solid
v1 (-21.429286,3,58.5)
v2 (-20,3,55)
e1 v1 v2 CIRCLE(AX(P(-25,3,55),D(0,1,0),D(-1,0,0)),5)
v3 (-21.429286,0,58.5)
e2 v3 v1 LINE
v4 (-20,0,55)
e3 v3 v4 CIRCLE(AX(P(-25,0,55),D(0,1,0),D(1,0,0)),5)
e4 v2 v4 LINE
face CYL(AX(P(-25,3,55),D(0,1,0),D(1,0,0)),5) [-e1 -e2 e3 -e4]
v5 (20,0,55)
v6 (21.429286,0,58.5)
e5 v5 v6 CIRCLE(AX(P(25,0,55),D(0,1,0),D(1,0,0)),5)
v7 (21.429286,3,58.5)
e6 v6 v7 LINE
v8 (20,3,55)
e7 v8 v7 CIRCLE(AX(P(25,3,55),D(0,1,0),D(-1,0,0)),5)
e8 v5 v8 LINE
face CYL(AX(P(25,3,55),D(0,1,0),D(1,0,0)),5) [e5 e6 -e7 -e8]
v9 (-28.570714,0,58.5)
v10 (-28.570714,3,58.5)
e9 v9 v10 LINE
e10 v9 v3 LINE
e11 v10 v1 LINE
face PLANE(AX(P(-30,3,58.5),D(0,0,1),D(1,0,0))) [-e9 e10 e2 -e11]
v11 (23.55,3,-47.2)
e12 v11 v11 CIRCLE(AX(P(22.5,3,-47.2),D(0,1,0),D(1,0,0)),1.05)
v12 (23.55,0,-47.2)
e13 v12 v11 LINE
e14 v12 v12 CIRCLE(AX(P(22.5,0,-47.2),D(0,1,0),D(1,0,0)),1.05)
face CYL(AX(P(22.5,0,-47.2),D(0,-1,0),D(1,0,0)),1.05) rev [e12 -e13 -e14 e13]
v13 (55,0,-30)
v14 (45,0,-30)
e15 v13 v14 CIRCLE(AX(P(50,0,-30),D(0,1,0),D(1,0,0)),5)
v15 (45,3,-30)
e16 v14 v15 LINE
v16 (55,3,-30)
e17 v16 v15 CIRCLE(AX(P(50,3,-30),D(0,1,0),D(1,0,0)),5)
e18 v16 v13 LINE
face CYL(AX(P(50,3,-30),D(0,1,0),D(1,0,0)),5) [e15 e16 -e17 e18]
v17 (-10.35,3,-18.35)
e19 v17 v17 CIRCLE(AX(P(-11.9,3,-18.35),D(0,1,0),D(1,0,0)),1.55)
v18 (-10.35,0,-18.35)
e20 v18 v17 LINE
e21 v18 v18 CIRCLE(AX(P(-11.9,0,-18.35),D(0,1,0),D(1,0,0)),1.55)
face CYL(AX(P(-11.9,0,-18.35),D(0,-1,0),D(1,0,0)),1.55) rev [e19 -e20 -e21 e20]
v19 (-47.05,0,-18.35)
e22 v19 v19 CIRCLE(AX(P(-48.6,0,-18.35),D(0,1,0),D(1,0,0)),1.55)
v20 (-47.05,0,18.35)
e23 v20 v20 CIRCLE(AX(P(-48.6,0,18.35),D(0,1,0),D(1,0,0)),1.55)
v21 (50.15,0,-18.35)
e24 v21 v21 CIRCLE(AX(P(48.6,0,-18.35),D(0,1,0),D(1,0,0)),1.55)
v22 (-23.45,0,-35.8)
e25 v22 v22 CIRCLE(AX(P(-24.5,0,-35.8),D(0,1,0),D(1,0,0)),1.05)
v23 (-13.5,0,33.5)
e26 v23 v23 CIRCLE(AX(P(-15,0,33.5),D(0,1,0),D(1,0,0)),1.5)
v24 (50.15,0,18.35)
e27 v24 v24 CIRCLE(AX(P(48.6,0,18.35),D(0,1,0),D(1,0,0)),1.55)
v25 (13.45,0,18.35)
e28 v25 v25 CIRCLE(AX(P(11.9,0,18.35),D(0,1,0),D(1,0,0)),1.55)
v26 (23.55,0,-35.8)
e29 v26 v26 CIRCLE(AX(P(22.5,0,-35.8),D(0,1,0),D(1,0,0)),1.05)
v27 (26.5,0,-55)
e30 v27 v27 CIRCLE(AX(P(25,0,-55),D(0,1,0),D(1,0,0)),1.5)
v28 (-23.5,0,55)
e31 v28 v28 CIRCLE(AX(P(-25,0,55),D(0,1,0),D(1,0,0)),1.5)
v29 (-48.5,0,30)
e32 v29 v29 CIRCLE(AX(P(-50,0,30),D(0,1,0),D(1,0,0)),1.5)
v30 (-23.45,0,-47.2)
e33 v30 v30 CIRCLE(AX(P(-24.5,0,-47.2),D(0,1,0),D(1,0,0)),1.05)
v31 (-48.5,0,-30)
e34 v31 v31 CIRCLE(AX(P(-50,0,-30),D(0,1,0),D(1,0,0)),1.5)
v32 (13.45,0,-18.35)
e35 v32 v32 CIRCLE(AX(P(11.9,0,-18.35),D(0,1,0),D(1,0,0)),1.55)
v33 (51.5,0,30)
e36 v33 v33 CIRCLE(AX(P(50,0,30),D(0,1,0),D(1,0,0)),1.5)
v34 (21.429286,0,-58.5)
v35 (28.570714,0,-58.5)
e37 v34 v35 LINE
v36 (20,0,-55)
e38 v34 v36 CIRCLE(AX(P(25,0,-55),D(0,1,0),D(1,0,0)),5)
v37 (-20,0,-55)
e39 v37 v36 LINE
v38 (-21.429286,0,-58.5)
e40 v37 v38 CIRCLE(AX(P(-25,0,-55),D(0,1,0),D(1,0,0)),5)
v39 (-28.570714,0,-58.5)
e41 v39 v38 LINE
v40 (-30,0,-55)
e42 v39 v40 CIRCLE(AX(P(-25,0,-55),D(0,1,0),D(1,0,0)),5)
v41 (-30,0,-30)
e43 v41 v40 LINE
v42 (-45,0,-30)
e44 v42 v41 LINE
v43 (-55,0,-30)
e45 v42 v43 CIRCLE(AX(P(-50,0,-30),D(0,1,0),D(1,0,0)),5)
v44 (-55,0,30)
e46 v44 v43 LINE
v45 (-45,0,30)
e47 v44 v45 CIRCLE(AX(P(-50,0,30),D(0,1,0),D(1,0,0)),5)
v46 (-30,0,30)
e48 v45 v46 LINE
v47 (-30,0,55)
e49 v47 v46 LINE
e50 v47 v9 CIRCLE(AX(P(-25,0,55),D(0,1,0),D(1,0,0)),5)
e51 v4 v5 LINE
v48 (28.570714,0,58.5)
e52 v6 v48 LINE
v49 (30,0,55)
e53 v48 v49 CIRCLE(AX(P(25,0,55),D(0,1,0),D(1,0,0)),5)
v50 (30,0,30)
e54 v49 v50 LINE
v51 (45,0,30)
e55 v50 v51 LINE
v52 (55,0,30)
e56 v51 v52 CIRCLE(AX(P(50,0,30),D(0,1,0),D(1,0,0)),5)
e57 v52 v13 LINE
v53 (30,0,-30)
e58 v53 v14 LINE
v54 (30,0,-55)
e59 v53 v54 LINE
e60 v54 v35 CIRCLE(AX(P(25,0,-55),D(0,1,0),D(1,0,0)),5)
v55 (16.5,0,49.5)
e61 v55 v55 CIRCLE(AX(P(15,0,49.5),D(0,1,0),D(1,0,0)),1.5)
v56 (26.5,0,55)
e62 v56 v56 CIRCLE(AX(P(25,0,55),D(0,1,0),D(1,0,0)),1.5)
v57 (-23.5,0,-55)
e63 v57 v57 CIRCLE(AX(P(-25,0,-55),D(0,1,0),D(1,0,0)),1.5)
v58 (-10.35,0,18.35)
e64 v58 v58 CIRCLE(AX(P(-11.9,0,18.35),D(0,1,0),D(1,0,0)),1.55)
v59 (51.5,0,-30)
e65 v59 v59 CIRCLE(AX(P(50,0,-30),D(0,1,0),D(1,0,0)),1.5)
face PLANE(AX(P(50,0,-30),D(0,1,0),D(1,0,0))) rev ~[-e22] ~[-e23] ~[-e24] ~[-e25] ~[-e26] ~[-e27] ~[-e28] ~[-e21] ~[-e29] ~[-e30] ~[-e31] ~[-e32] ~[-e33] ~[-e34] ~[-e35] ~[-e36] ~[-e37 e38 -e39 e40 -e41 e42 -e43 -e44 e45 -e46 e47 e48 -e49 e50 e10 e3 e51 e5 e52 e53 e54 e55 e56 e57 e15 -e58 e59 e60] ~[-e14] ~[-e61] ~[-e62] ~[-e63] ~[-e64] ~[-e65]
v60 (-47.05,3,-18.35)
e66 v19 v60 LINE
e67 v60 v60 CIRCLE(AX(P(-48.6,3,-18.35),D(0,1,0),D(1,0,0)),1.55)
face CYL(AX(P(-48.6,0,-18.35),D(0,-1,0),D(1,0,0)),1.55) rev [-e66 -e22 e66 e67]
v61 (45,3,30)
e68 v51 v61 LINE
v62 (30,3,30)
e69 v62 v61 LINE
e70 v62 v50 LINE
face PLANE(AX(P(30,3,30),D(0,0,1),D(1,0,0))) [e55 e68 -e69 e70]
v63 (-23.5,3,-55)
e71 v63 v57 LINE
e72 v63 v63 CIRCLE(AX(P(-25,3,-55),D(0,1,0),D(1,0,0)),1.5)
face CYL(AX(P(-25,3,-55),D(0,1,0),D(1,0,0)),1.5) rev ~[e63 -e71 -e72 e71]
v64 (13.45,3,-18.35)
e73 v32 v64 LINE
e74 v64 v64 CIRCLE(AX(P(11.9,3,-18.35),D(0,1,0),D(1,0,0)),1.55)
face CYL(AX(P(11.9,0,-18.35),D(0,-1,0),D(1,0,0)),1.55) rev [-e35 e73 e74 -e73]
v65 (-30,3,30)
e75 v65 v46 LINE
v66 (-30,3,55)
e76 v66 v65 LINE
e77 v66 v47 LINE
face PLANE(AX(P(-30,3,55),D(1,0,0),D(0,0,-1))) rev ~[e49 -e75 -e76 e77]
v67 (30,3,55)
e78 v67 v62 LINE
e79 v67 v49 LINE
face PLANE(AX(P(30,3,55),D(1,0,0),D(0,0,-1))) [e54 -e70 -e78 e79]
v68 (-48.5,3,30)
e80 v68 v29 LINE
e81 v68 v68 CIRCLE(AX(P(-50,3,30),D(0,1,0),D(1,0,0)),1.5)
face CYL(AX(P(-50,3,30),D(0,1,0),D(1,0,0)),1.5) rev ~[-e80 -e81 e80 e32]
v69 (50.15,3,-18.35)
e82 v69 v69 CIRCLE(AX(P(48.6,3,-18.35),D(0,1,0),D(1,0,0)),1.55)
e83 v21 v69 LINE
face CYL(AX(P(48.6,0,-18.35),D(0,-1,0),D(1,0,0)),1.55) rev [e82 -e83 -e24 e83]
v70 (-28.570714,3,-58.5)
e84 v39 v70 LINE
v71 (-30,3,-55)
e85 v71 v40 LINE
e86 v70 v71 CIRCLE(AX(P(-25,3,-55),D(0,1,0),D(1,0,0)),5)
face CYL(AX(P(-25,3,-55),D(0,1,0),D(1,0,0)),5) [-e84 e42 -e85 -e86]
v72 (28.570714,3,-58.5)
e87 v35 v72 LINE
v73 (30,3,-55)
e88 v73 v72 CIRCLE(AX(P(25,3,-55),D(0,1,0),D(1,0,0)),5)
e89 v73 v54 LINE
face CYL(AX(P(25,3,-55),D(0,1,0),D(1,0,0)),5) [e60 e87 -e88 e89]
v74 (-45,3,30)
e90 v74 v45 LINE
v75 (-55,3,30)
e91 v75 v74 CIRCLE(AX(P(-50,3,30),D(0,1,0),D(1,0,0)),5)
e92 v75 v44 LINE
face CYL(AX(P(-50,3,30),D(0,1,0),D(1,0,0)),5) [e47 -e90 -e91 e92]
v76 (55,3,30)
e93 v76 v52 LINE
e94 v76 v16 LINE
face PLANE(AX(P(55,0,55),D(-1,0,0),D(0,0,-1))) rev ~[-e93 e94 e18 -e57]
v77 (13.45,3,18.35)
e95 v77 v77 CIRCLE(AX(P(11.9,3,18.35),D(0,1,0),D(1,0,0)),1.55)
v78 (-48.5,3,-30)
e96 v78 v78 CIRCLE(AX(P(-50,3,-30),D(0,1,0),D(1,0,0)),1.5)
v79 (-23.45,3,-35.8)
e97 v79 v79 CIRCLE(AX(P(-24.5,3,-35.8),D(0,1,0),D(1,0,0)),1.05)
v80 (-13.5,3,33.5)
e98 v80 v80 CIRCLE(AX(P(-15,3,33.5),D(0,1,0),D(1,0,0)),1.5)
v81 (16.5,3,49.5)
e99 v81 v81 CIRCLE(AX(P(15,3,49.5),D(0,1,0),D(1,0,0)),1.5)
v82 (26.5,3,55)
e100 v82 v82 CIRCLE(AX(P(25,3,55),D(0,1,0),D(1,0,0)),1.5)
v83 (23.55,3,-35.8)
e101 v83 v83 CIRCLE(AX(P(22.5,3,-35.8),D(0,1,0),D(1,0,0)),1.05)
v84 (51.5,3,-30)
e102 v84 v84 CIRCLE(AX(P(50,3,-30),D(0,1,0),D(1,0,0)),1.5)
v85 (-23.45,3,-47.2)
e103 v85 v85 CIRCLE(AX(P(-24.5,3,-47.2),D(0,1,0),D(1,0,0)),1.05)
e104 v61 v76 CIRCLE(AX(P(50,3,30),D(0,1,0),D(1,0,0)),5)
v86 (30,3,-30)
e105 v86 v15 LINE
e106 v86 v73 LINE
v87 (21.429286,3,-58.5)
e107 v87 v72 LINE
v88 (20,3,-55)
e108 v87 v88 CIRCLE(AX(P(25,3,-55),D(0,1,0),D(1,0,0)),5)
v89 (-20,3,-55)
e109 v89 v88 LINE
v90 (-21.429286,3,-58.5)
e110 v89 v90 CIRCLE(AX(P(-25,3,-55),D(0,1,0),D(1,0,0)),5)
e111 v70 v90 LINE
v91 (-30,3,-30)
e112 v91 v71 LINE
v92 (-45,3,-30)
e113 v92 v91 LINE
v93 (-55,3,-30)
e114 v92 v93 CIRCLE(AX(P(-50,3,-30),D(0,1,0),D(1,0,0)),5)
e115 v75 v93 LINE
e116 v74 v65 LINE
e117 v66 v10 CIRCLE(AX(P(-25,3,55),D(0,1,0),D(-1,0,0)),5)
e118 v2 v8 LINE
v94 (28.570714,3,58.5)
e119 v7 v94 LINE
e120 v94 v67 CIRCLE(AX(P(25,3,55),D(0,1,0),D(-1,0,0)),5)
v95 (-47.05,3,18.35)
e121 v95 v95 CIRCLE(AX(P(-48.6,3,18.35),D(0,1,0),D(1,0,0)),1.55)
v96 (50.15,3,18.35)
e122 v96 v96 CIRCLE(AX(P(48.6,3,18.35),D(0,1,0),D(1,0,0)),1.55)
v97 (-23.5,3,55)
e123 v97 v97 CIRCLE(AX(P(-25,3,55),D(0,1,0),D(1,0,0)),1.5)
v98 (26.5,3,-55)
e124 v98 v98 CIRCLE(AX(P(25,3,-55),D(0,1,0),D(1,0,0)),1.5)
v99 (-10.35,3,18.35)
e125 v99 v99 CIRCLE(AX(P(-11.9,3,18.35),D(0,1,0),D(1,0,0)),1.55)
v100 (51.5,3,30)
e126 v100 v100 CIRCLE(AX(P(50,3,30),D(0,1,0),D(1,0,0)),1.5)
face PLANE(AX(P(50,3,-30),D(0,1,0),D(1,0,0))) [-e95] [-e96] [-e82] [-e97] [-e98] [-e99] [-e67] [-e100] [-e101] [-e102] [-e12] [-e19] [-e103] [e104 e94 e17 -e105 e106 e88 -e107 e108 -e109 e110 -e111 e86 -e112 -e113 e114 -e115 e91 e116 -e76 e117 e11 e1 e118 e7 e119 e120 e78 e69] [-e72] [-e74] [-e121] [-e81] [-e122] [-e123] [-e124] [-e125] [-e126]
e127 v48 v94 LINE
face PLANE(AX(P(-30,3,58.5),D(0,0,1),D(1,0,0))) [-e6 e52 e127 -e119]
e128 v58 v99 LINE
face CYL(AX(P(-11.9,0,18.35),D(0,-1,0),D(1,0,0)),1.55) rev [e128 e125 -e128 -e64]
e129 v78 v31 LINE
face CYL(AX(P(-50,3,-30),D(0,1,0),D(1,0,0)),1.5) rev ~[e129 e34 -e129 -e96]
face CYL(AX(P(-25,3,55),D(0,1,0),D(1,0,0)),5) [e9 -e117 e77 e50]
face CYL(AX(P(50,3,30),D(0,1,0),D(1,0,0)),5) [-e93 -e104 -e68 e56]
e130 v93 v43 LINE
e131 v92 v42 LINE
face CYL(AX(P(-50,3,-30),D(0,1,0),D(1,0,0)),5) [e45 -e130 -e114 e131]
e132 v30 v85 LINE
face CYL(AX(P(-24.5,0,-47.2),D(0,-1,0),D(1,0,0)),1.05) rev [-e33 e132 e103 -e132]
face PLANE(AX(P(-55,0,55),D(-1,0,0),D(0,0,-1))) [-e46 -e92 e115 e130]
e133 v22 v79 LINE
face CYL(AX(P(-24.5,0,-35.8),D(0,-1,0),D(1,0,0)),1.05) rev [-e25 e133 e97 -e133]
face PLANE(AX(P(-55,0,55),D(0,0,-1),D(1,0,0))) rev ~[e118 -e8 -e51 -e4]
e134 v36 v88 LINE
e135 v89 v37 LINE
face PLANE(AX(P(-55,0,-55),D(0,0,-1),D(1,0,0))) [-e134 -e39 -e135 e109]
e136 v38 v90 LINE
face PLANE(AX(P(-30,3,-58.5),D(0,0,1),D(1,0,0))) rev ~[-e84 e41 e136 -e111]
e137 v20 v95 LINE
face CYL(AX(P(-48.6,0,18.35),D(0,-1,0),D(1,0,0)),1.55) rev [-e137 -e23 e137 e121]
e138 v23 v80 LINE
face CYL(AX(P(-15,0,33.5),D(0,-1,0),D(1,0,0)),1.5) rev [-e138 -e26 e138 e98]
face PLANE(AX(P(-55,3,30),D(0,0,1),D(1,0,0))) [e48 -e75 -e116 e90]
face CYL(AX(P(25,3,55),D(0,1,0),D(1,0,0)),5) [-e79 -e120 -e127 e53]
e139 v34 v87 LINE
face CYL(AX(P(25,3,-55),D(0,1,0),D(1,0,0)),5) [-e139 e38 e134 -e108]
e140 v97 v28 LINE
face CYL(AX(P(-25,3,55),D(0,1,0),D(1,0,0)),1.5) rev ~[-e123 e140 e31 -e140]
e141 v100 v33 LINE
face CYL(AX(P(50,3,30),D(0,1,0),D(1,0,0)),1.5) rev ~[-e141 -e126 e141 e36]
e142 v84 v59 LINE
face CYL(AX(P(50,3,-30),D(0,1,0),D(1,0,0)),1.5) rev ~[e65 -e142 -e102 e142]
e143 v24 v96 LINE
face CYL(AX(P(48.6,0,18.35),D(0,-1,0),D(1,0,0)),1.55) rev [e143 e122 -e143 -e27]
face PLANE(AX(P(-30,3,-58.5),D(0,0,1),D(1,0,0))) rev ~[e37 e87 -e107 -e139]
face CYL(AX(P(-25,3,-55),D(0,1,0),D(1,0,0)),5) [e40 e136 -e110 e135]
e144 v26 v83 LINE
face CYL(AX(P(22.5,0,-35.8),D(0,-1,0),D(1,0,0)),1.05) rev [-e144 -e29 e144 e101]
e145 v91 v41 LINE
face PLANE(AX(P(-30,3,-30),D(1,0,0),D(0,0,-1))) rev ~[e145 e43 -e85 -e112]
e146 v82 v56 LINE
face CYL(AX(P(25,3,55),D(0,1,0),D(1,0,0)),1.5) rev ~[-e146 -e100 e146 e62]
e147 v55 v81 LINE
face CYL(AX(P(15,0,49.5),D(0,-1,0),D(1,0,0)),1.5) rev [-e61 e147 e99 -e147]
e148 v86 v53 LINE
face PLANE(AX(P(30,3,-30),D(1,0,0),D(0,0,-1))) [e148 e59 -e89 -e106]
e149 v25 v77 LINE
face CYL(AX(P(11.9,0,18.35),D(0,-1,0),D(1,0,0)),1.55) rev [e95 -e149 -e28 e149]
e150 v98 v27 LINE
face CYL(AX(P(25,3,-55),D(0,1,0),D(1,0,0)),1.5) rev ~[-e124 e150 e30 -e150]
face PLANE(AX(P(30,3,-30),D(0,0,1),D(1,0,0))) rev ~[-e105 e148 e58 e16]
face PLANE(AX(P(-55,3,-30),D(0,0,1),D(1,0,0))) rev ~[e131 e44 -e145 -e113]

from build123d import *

# Parameters (mm, degrees)
SKETCH1_W               = 110
SKETCH1_H               = 110
SKETCH1_R               = 1.55
SKETCH1_R_2             = 1.05
SKETCH1_R_3             = 1.5
BOSS_EXTRUDE2_DEPTH     = 3
SKETCH3_W               = 25
SKETCH3_H               = 25
CUT_EXTRUDE1_DEPTH      = 3
SKETCH4_R               = 5
BOSS_EXTRUDE3_DEPTH     = 3
SKETCH5_R               = 1.5
CUT_EXTRUDE3_DEPTH      = 4
SKETCH6_W               = 60
SKETCH6_H               = 1.5
CUT_EXTRUDE6_DEPTH      = 1
CUT_EXTRUDE6_DEPTH_BACK = 4


with BuildPart() as part:
    # Sketch1 → Boss-Extrude2 (new body)
    with BuildSketch(Plane(origin=(0, 0, 0), x_dir=(1, 0, 0), z_dir=(0, 1, 0))):
        Rectangle(SKETCH1_W, SKETCH1_H)
        with Locations((-48.6, 18.35)):
            Circle(SKETCH1_R, mode=Mode.SUBTRACT)
        with Locations((-11.9, 18.35)):
            Circle(SKETCH1_R, mode=Mode.SUBTRACT)
        with Locations((-11.9, -18.35)):
            Circle(SKETCH1_R, mode=Mode.SUBTRACT)
        with Locations((-48.6, -18.35)):
            Circle(SKETCH1_R, mode=Mode.SUBTRACT)
        with Locations((48.6, -18.35)):
            Circle(SKETCH1_R, mode=Mode.SUBTRACT)
        with Locations((11.9, -18.35)):
            Circle(SKETCH1_R, mode=Mode.SUBTRACT)
        with Locations((11.9, 18.35)):
            Circle(SKETCH1_R, mode=Mode.SUBTRACT)
        with Locations((48.6, 18.35)):
            Circle(SKETCH1_R, mode=Mode.SUBTRACT)
        with Locations((-24.5, 47.2)):
            Circle(SKETCH1_R_2, mode=Mode.SUBTRACT)
        with Locations((-24.5, 35.8)):
            Circle(SKETCH1_R_2, mode=Mode.SUBTRACT)
        with Locations((22.5, 47.2)):
            Circle(SKETCH1_R_2, mode=Mode.SUBTRACT)
        with Locations((22.5, 35.8)):
            Circle(SKETCH1_R_2, mode=Mode.SUBTRACT)
        with Locations((-15, -33.5)):
            Circle(SKETCH1_R_3, mode=Mode.SUBTRACT)
        with Locations((15, -49.5)):
            Circle(SKETCH1_R_3, mode=Mode.SUBTRACT)
    extrude(amount=BOSS_EXTRUDE2_DEPTH)

    # Sketch3 → Cut-Extrude1 (cut)
    with BuildSketch(Plane(origin=(0, 3, 0), x_dir=(1, 0, 0), z_dir=(0, 1, 0))):
        with Locations((42.5, 42.5)):
            Rectangle(SKETCH3_W, SKETCH3_H)
        with Locations((-42.5, 42.5)):
            Rectangle(SKETCH3_W, SKETCH3_H)
        with Locations((42.5, -42.5)):
            Rectangle(SKETCH3_W, SKETCH3_H)
        with Locations((-42.5, -42.5)):
            Rectangle(SKETCH3_W, SKETCH3_H)
    extrude(amount=-CUT_EXTRUDE1_DEPTH, mode=Mode.SUBTRACT)

    # Sketch4 → Boss-Extrude3 (add)
    with BuildSketch(Plane(origin=(0, 3, 0), x_dir=(1, 0, 0), z_dir=(0, 1, 0))):
        with Locations((50, 30)):
            Circle(SKETCH4_R)
        with Locations((-50, 30)):
            Circle(SKETCH4_R)
        with Locations((50, -30)):
            Circle(SKETCH4_R)
        with Locations((-50, -30)):
            Circle(SKETCH4_R)
        with Locations((-25, 55)):
            Circle(SKETCH4_R)
        with Locations((25, 55)):
            Circle(SKETCH4_R)
        with Locations((25, -55)):
            Circle(SKETCH4_R)
        with Locations((-25, -55)):
            Circle(SKETCH4_R)
    extrude(amount=-BOSS_EXTRUDE3_DEPTH)

    # Sketch5 → Cut-Extrude3 (cut, through all)
    with BuildSketch(Plane(origin=(0, 3, 0), x_dir=(1, 0, 0), z_dir=(0, 1, 0))):
        with Locations((50, 30)):
            Circle(SKETCH5_R)
        with Locations((50, -30)):
            Circle(SKETCH5_R)
        with Locations((-50, -30)):
            Circle(SKETCH5_R)
        with Locations((-50, 30)):
            Circle(SKETCH5_R)
        with Locations((-25, 55)):
            Circle(SKETCH5_R)
        with Locations((25, 55)):
            Circle(SKETCH5_R)
        with Locations((25, -55)):
            Circle(SKETCH5_R)
        with Locations((-25, -55)):
            Circle(SKETCH5_R)
    extrude(amount=-CUT_EXTRUDE3_DEPTH, mode=Mode.SUBTRACT)

    # Sketch6 → Cut-Extrude6 (cut, two sides)
    with BuildSketch(Plane(origin=(0, 3, 0), x_dir=(1, 0, 0), z_dir=(0, 1, 0))) as cut_extrude6_sk:
        with Locations((0, 59.25)):
            Rectangle(SKETCH6_W, SKETCH6_H)
        with Locations((0, -59.25)):
            Rectangle(SKETCH6_W, SKETCH6_H)
    extrude(amount=CUT_EXTRUDE6_DEPTH, mode=Mode.SUBTRACT)
    extrude(cut_extrude6_sk.sketch, amount=-CUT_EXTRUDE6_DEPTH_BACK, mode=Mode.SUBTRACT)


solid = part.part
